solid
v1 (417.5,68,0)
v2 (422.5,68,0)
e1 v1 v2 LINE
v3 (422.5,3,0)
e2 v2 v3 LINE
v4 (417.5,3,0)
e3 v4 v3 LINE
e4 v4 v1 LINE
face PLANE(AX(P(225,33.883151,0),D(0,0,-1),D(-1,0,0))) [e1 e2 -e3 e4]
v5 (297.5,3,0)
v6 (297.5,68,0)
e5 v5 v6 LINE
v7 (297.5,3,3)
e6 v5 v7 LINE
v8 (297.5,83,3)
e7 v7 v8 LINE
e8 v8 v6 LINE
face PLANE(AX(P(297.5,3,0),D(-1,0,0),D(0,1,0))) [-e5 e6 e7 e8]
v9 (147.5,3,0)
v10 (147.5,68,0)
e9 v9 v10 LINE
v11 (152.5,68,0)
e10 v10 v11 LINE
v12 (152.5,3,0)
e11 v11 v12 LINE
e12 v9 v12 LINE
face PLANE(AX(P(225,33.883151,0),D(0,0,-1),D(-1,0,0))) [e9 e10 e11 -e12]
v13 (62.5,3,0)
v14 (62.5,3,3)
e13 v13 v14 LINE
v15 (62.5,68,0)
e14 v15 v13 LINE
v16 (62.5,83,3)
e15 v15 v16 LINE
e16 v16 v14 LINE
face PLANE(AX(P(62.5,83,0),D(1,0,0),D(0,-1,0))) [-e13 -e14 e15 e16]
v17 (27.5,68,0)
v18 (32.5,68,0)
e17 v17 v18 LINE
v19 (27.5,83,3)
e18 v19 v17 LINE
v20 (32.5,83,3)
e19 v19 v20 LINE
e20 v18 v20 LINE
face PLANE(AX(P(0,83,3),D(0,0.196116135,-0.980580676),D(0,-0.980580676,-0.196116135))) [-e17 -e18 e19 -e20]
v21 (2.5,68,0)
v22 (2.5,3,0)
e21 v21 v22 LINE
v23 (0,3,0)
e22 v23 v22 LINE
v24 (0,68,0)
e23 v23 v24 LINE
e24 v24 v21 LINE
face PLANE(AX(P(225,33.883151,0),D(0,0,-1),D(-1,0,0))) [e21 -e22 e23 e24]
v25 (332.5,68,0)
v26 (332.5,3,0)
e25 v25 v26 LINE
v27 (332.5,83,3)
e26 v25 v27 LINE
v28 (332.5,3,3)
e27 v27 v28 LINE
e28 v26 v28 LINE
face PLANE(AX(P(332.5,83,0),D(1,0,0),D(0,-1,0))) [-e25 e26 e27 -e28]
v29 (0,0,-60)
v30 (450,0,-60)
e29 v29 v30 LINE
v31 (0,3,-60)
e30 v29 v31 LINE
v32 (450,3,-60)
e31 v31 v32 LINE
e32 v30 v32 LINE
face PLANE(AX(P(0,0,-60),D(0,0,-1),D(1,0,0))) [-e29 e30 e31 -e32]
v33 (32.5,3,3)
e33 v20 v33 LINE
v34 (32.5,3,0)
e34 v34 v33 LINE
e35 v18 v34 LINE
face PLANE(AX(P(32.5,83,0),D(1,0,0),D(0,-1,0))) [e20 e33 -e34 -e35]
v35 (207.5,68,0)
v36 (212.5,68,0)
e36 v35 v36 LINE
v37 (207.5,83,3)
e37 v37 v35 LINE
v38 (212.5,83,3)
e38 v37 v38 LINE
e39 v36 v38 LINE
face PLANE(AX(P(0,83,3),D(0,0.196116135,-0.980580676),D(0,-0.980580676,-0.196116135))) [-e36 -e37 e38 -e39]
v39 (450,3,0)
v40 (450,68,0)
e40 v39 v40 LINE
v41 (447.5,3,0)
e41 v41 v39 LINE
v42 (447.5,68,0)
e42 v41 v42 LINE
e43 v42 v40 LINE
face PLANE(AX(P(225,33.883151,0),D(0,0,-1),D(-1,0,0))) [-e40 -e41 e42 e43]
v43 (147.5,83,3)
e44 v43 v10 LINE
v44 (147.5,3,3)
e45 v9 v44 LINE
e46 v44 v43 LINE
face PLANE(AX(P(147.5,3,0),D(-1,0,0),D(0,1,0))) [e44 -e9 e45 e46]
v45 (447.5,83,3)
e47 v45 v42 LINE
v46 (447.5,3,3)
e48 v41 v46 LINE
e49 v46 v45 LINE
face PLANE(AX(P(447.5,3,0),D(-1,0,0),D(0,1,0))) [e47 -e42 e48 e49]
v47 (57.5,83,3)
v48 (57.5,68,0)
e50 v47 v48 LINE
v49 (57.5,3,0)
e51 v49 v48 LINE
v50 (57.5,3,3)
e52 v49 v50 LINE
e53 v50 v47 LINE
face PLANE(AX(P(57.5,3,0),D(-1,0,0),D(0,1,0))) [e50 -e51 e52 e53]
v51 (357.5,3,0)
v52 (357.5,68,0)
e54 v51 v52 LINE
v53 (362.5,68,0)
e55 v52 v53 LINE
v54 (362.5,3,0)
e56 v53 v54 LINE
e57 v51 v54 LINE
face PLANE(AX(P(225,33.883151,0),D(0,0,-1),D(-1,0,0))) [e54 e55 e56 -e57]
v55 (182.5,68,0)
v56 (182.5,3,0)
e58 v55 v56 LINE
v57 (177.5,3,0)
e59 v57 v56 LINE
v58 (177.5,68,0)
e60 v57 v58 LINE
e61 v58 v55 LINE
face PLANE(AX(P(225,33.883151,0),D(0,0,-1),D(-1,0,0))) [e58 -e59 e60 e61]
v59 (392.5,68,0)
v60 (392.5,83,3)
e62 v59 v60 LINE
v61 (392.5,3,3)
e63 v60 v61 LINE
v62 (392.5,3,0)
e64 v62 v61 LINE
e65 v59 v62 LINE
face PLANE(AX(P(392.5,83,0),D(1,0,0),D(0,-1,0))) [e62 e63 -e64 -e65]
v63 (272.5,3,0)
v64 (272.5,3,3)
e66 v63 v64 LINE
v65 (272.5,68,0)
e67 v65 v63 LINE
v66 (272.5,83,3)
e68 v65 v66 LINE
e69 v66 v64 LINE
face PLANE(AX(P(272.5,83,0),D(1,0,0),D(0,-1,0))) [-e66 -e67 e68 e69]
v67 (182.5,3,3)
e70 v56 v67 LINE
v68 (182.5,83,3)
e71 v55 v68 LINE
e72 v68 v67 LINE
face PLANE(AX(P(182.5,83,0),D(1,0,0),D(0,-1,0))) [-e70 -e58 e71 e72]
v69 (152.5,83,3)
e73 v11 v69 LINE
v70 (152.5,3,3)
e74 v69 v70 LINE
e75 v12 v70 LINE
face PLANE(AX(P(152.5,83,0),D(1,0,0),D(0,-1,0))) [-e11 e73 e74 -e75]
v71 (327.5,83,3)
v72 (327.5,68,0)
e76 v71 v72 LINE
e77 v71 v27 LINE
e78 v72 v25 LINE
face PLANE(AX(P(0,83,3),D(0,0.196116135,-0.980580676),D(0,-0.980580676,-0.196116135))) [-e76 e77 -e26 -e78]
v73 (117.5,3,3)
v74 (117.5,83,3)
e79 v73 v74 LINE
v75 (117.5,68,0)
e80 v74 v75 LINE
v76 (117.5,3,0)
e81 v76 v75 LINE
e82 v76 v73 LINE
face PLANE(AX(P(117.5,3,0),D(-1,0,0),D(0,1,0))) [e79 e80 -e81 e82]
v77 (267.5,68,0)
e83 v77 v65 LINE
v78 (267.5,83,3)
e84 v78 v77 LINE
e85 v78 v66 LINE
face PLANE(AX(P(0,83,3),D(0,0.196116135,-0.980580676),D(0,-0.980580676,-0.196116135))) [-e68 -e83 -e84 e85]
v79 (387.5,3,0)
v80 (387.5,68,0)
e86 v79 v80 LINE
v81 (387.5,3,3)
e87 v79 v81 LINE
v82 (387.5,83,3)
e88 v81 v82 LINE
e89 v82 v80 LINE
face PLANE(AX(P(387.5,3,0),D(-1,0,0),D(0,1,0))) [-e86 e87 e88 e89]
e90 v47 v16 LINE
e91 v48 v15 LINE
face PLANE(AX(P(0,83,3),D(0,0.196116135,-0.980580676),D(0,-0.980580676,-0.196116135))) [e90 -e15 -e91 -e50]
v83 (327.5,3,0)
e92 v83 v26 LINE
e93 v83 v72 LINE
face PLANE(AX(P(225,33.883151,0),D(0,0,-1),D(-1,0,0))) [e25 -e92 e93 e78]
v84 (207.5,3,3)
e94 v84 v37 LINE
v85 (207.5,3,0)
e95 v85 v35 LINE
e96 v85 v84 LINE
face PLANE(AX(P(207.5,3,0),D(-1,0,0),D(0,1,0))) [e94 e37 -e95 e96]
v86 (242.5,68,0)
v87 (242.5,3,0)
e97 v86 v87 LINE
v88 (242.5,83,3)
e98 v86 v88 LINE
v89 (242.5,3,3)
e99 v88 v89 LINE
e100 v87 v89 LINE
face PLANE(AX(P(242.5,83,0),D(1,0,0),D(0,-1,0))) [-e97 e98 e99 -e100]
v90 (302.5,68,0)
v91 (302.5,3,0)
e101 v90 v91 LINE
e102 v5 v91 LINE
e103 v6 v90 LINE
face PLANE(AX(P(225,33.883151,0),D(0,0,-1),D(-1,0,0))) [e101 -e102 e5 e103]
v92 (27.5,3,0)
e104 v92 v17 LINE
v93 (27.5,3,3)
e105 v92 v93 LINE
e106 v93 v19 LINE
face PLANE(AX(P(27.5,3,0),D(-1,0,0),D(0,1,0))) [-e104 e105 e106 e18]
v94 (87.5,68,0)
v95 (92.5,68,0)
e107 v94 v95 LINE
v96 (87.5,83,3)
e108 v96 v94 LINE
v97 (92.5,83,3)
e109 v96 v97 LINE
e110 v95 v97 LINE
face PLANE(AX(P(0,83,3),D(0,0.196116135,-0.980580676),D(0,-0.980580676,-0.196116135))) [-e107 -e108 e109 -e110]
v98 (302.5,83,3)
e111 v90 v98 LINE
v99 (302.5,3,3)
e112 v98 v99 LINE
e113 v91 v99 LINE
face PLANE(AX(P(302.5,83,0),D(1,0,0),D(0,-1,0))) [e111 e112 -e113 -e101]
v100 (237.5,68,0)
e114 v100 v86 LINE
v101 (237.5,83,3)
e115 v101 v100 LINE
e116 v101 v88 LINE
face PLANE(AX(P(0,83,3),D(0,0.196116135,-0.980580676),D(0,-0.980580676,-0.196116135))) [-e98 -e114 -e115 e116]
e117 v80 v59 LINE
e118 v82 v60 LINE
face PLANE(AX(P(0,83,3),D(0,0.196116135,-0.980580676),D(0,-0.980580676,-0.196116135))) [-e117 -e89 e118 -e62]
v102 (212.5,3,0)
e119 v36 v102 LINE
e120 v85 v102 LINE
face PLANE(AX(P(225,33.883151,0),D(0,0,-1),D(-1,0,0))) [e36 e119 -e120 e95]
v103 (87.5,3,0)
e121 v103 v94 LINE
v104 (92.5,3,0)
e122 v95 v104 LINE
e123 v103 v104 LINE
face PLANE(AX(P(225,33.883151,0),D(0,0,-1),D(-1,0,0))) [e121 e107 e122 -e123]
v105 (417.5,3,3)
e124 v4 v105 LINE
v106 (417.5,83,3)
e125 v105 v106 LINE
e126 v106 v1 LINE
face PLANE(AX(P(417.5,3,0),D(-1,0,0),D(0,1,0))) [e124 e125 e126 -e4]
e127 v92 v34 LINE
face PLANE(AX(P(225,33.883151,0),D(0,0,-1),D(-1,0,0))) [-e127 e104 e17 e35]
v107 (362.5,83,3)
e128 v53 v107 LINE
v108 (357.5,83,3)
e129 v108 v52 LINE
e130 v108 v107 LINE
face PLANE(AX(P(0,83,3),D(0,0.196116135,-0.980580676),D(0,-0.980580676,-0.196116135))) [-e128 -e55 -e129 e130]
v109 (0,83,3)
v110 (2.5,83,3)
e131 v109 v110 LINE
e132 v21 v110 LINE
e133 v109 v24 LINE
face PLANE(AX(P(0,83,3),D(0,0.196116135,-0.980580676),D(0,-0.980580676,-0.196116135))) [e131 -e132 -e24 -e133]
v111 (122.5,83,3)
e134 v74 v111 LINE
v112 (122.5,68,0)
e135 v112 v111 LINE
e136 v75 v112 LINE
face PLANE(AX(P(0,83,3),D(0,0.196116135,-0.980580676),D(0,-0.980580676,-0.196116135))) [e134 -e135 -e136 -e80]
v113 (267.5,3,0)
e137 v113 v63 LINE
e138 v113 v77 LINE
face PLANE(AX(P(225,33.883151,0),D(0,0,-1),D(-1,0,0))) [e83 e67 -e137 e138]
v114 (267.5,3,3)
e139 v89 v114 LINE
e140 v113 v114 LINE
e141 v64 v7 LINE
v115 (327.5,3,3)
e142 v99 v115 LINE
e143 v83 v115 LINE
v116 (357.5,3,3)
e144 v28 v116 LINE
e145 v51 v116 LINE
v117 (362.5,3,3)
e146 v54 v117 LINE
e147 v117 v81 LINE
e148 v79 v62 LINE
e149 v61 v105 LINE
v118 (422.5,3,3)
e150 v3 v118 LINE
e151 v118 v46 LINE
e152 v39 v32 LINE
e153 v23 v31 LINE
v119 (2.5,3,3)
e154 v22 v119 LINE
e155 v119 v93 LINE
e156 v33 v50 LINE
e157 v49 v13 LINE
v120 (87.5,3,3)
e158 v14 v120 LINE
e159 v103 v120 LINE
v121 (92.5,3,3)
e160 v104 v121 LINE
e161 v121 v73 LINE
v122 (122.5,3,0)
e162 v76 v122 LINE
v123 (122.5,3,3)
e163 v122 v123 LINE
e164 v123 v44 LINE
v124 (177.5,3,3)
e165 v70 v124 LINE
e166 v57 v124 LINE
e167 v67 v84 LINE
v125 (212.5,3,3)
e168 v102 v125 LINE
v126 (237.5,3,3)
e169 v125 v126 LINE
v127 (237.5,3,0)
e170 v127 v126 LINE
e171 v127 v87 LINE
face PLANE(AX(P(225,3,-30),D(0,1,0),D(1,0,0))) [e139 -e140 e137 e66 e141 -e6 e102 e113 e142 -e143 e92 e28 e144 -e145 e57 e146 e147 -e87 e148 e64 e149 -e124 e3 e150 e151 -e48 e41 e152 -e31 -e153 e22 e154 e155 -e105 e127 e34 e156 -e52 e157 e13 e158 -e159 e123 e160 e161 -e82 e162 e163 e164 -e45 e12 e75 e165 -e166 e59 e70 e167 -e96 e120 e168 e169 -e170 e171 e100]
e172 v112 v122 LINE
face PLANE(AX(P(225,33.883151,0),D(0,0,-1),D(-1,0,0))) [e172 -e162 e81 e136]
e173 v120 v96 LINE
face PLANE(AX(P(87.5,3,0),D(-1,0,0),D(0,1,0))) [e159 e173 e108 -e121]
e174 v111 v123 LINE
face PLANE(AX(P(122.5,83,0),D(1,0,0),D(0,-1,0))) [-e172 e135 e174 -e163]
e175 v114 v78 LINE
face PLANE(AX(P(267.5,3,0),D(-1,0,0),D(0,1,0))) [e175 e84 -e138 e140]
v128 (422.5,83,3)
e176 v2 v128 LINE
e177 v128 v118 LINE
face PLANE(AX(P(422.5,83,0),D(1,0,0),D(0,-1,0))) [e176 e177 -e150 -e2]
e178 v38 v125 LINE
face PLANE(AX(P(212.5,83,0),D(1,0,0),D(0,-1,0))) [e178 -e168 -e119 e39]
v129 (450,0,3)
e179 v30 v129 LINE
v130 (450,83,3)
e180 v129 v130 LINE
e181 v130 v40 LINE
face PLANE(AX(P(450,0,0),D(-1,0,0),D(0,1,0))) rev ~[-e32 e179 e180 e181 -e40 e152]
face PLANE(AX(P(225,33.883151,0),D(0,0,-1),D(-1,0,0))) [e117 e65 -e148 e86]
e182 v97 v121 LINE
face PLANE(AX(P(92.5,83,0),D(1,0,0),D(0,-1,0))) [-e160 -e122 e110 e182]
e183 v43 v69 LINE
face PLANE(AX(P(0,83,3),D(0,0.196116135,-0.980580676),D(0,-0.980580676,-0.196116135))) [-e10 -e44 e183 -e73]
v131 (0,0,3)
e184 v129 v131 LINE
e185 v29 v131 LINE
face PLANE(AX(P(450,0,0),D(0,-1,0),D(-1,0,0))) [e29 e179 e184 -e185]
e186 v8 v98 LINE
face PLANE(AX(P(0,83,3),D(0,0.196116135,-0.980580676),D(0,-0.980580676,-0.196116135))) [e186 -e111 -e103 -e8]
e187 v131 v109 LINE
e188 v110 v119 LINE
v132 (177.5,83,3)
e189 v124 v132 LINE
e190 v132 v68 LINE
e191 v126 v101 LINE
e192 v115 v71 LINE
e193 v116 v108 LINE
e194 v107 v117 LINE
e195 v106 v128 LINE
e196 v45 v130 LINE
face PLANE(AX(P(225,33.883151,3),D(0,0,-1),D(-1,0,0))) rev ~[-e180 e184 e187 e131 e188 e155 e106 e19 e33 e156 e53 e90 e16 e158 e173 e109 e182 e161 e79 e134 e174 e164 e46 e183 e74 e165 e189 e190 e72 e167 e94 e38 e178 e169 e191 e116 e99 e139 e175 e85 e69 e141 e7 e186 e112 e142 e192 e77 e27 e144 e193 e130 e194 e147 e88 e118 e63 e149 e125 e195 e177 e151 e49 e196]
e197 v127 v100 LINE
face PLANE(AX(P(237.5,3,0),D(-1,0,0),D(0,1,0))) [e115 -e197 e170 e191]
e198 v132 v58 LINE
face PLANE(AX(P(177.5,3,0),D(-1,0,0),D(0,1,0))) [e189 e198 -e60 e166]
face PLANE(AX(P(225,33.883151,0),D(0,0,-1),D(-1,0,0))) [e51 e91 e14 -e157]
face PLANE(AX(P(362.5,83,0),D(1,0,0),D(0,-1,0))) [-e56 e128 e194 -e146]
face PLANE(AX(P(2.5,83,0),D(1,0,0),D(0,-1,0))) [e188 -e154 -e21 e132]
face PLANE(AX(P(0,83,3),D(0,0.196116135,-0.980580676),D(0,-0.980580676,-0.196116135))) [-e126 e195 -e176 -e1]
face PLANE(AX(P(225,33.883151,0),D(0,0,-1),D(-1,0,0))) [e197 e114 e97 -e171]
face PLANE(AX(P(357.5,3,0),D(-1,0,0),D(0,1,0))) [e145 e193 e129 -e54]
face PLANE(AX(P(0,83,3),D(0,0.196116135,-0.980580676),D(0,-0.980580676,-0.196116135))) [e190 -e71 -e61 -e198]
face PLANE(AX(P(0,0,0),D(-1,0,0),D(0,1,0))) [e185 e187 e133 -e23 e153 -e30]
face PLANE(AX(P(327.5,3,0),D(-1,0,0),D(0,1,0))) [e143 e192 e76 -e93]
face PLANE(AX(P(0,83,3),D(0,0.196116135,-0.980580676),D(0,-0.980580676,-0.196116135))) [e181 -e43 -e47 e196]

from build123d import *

# Parameters (mm, degrees)
SKETCH_1_W          = 450
SKETCH_1_H          = 60
EXTRUDE_1_DEPTH     = 3
EXTRUDE_2_DEPTH     = 3
CUT_EXTRUDE_1_DEPTH = 462.507313051


with BuildPart() as part:
    # 草图1 → 凸台-拉伸1 (new body)
    with BuildSketch(Plane(origin=(0, 0, 0), x_dir=(1, 0, 0), z_dir=(0, 1, 0))):
        with Locations((225, 30)):
            Rectangle(SKETCH_1_W, SKETCH_1_H)
    extrude(amount=EXTRUDE_1_DEPTH)

    # 草图3 → 凸台-拉伸2 (add)
    with BuildSketch(Plane.XY):
        Polygon((0, 0), (0, 83), (2.5, 83), (2.5, 3), (27.5, 3), (27.5, 83), (32.5, 83), (32.5, 3), (57.5, 3), (57.5, 83), (62.5, 83), (62.5, 3), (87.5, 3), (87.5, 83), (92.5, 83), (92.5, 3), (117.5, 3), (117.5, 83), (122.5, 83), (122.5, 3), (147.5, 3), (147.5, 83), (152.5, 83), (152.5, 3), (177.5, 3), (177.5, 83), (182.5, 83), (182.5, 3), (207.5, 3), (207.5, 83), (212.5, 83), (212.5, 3), (237.5, 3), (237.5, 83), (242.5, 83), (242.5, 3), (267.5, 3), (267.5, 83), (272.5, 83), (272.5, 3), (297.5, 3), (297.5, 83), (302.5, 83), (302.5, 3), (327.5, 3), (327.5, 83), (332.5, 83), (332.5, 3), (357.5, 3), (357.5, 83), (362.5, 83), (362.5, 3), (387.5, 3), (387.5, 83), (392.5, 83), (392.5, 3), (417.5, 3), (417.5, 83), (422.5, 83), (422.5, 3), (447.5, 3), (447.5, 83), (450, 83), (450, 3), (450, 0), align=None)
    extrude(amount=EXTRUDE_2_DEPTH)

    # 草图4 → 切除-拉伸1 (cut, through all)
    with BuildSketch(Plane.ZY):
        Polygon((3, 83), (0, 68), (0, 83), align=None)
    extrude(amount=-CUT_EXTRUDE_1_DEPTH, mode=Mode.SUBTRACT)


solid = part.part
